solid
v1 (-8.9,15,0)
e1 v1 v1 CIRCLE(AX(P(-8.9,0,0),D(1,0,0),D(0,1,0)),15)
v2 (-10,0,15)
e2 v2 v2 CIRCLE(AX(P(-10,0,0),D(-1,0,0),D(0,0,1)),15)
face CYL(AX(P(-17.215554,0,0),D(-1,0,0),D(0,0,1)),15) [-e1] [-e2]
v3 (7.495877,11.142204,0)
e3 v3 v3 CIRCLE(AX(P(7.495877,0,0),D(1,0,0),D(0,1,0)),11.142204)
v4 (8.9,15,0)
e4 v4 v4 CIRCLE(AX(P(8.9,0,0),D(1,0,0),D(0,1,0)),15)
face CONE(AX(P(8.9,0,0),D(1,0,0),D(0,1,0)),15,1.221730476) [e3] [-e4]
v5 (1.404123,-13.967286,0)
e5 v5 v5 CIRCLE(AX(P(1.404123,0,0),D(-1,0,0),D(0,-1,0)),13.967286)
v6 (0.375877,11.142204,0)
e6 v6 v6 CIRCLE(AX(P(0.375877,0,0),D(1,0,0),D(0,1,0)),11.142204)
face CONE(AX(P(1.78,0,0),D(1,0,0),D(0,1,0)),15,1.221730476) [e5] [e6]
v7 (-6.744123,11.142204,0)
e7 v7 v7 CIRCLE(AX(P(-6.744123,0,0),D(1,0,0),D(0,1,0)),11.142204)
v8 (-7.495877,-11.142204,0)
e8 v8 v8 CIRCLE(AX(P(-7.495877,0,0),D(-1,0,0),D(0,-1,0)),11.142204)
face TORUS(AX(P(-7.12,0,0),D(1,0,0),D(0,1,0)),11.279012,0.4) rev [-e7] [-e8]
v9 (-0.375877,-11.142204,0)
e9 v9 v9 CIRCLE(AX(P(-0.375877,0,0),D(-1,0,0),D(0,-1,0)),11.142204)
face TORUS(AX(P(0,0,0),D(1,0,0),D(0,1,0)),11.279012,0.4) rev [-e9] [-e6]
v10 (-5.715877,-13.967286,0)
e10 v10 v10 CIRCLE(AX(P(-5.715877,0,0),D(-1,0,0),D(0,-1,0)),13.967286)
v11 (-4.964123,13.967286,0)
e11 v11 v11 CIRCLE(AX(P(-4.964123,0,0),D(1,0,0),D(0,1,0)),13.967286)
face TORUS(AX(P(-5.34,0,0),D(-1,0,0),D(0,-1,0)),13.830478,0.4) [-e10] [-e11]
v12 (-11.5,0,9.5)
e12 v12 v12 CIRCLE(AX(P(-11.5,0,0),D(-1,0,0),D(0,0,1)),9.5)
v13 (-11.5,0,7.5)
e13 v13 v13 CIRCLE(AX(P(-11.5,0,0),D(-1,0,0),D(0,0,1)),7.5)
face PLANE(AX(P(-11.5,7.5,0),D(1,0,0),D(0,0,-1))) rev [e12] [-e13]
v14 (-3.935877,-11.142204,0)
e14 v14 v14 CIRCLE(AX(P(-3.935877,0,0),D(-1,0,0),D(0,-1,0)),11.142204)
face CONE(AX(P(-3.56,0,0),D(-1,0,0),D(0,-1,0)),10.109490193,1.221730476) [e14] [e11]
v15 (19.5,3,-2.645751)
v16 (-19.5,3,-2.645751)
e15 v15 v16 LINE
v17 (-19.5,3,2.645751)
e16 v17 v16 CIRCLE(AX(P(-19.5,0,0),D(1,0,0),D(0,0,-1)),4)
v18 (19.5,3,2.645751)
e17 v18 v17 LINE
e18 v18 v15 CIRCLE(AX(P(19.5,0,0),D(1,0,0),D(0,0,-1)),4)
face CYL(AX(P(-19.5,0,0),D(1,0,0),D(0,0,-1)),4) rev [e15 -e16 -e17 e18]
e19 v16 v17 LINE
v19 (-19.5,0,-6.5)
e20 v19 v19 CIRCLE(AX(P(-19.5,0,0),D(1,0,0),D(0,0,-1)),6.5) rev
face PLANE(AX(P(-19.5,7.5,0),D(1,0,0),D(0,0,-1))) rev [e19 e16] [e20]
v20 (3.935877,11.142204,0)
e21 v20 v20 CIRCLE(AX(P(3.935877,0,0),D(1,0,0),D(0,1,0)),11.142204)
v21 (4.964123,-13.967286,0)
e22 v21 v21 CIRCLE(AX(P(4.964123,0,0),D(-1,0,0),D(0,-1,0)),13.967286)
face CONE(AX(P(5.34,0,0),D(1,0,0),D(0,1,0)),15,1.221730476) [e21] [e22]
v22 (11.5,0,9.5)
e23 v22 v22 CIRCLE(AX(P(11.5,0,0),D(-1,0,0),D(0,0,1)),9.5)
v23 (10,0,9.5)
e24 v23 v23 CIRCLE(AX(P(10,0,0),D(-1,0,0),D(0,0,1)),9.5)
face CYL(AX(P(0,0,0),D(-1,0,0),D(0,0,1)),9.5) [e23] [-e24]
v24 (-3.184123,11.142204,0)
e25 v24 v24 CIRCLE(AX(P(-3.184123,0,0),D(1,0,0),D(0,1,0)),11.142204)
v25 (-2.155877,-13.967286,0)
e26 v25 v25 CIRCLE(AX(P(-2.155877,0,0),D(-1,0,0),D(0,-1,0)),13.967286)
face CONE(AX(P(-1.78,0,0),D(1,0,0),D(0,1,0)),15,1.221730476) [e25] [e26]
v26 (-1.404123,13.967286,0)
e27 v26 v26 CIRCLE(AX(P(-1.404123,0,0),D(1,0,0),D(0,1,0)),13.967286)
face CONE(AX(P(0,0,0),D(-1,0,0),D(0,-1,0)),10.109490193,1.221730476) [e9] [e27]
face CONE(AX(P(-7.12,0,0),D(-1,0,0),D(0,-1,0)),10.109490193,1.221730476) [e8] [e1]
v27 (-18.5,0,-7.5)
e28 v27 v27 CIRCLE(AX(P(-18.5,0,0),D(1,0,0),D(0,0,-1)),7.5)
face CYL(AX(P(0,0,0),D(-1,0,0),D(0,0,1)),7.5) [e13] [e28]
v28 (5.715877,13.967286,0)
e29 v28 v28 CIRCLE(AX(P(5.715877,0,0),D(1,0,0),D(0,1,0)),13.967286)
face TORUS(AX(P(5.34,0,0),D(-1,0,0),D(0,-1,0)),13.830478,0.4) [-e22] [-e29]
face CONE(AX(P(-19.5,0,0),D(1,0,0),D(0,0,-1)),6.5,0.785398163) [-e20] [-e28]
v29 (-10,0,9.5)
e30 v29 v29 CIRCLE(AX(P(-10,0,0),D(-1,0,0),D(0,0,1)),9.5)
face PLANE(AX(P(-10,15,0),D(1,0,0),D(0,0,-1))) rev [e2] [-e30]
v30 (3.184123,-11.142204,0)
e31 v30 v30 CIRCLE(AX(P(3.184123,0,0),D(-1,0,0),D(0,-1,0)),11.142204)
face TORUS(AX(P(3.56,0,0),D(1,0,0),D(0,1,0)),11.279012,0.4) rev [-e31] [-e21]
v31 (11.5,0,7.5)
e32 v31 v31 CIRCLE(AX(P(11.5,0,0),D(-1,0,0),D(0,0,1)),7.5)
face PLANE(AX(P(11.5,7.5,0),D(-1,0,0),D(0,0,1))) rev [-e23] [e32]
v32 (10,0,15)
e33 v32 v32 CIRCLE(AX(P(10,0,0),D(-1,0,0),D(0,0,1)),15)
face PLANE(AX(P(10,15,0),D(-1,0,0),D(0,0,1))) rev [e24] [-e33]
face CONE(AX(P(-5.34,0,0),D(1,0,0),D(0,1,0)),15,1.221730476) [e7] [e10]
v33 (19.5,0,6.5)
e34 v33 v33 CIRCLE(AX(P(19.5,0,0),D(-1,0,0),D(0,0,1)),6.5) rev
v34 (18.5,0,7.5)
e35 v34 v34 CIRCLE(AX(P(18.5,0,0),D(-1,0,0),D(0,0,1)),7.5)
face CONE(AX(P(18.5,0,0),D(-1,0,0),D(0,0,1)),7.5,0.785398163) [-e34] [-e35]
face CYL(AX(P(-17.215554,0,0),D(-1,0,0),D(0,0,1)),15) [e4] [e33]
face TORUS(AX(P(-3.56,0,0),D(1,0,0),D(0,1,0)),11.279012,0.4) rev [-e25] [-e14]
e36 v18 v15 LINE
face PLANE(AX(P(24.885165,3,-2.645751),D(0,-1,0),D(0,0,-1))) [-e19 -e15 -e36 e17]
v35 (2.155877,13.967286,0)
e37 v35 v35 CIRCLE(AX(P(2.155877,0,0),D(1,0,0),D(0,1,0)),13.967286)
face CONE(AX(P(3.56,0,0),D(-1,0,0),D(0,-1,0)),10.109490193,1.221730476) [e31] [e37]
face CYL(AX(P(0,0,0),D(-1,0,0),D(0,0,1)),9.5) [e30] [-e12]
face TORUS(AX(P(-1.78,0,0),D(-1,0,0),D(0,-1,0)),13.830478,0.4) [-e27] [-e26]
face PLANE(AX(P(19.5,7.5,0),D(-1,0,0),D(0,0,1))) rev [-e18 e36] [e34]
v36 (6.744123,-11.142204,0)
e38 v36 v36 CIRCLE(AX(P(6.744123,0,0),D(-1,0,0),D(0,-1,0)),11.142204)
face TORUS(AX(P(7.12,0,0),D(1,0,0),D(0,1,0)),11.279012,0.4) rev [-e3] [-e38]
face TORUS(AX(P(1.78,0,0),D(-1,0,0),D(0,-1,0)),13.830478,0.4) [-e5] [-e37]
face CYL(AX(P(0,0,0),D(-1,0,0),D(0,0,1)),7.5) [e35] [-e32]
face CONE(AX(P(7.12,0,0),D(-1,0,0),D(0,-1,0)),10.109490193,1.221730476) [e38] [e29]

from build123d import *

# Parameters (mm, degrees)
SKETCH_1_W               = 20
SKETCH_1_H               = 15
CUT_EXTRUDE_1_DEPTH      = 29.814059068
CUT_EXTRUDE_1_DEPTH_BACK = 29.814059068
SKETCH_5_R               = 4
EXTRUDE_START            = -39
EXTRUDE_1_DEPTH          = 39
FILLET_1_R               = 0.4
CHAMFER_1_SIZE           = 1
FILLET_2_R               = 0.4


with BuildPart() as part:
    # Эскиз1 → Повернуть1 (revolve)
    with BuildSketch(Plane.XY, mode=Mode.PRIVATE) as revolve_1_sk:
        with Locations((0, 7.5)):
            Rectangle(SKETCH_1_W, SKETCH_1_H)
    revolve(revolve_1_sk.sketch.rotate(Axis((-17.215553937, 0, 0), (1, 0, 0)), 90), axis=Axis((-17.215553937, 0, 0), (1, 0, 0)))

    # Эскиз3 → Повернуть2 (revolve)
    with BuildSketch(Plane.XY, mode=Mode.PRIVATE) as revolve_2_sk:
        Polygon((-11.5, 7.5), (-19.5, 7.5), (-19.5, 0), (-10, 0), (-10, 9.5), (-11.5, 9.5), align=None)
        Polygon((11.5, 7.5), (19.5, 7.5), (19.5, 0), (10, 0), (10, 9.5), (11.5, 9.5), align=None)
    revolve(revolve_2_sk.sketch.rotate(Axis((0, 0, 0), (1, 0, 0)), 90), axis=Axis((0, 0, 0), (1, 0, 0)))

    # Эскиз8 → Вырез-Повернуть2 (revolve, cut)
    with BuildSketch(Plane.XY):
        Polygon((-7.12, 10.109490193), (-5.34, 15), (-8.9, 15), align=None)
        Polygon((-1.78, 15), (-5.34, 15), (-3.56, 10.109490193), align=None)
        Polygon((1.78, 15), (-1.78, 15), (0, 10.109490193), align=None)
        Polygon((8.9, 15), (5.34, 15), (7.12, 10.109490193), align=None)
        Polygon((5.34, 15), (1.78, 15), (3.56, 10.109490193), align=None)
    revolve(axis=Axis((0, 0, 0), (-1, 0, 0)), mode=Mode.SUBTRACT)

    # Эскиз5 → Вырез-Вытянуть1 (cut, two sides: drawn at the far end of the back side and taken through both)
    with BuildSketch(Plane(origin=(0, 0, 0), x_dir=(0, 0, -1), z_dir=(1, 0, 0)).offset(-CUT_EXTRUDE_1_DEPTH_BACK)):
        Circle(SKETCH_5_R)
    extrude(amount=CUT_EXTRUDE_1_DEPTH + CUT_EXTRUDE_1_DEPTH_BACK, mode=Mode.SUBTRACT)

    # Эскиз7 → Бобышка-Вытянуть1 (add)
    with BuildSketch(Plane.ZY.offset(19.5).offset(EXTRUDE_START)):
        with BuildLine():
            Line((-2.645751311, 3), (2.645751311, 3))
            ThreePointArc((2.645751311, 3), (0, 4), (-2.645751311, 3))
        make_face()
    extrude(amount=EXTRUDE_1_DEPTH)

    # Скругление1
    fillet_1_edges = [part.edges().sort_by_distance(p)[0] for p in [
        (-5.34, -15, 0),
        (-1.78, -15, 0),
        (1.78, -15, 0),
        (5.34, -15, 0),
    ]]
    fillet(fillet_1_edges, radius=FILLET_1_R)

    # Фаска1
    chamfer_1_edges = [part.edges().sort_by_distance(p)[0] for p in [
        (19.5, 0, -7.5),
        (-19.5, 0, -7.5),
    ]]
    chamfer(chamfer_1_edges, length=CHAMFER_1_SIZE)

    # Скругление2
    fillet_2_edges = [part.edges().sort_by_distance(p)[0] for p in [
        (-7.12, -10.109490193, 0),
        (0, -10.109490193, 0),
        (7.12, -10.109490193, 0),
        (-3.56, -10.109490193, 0),
        (3.56, -10.109490193, 0),
    ]]
    fillet(fillet_2_edges, radius=FILLET_2_R)


solid = part.part
